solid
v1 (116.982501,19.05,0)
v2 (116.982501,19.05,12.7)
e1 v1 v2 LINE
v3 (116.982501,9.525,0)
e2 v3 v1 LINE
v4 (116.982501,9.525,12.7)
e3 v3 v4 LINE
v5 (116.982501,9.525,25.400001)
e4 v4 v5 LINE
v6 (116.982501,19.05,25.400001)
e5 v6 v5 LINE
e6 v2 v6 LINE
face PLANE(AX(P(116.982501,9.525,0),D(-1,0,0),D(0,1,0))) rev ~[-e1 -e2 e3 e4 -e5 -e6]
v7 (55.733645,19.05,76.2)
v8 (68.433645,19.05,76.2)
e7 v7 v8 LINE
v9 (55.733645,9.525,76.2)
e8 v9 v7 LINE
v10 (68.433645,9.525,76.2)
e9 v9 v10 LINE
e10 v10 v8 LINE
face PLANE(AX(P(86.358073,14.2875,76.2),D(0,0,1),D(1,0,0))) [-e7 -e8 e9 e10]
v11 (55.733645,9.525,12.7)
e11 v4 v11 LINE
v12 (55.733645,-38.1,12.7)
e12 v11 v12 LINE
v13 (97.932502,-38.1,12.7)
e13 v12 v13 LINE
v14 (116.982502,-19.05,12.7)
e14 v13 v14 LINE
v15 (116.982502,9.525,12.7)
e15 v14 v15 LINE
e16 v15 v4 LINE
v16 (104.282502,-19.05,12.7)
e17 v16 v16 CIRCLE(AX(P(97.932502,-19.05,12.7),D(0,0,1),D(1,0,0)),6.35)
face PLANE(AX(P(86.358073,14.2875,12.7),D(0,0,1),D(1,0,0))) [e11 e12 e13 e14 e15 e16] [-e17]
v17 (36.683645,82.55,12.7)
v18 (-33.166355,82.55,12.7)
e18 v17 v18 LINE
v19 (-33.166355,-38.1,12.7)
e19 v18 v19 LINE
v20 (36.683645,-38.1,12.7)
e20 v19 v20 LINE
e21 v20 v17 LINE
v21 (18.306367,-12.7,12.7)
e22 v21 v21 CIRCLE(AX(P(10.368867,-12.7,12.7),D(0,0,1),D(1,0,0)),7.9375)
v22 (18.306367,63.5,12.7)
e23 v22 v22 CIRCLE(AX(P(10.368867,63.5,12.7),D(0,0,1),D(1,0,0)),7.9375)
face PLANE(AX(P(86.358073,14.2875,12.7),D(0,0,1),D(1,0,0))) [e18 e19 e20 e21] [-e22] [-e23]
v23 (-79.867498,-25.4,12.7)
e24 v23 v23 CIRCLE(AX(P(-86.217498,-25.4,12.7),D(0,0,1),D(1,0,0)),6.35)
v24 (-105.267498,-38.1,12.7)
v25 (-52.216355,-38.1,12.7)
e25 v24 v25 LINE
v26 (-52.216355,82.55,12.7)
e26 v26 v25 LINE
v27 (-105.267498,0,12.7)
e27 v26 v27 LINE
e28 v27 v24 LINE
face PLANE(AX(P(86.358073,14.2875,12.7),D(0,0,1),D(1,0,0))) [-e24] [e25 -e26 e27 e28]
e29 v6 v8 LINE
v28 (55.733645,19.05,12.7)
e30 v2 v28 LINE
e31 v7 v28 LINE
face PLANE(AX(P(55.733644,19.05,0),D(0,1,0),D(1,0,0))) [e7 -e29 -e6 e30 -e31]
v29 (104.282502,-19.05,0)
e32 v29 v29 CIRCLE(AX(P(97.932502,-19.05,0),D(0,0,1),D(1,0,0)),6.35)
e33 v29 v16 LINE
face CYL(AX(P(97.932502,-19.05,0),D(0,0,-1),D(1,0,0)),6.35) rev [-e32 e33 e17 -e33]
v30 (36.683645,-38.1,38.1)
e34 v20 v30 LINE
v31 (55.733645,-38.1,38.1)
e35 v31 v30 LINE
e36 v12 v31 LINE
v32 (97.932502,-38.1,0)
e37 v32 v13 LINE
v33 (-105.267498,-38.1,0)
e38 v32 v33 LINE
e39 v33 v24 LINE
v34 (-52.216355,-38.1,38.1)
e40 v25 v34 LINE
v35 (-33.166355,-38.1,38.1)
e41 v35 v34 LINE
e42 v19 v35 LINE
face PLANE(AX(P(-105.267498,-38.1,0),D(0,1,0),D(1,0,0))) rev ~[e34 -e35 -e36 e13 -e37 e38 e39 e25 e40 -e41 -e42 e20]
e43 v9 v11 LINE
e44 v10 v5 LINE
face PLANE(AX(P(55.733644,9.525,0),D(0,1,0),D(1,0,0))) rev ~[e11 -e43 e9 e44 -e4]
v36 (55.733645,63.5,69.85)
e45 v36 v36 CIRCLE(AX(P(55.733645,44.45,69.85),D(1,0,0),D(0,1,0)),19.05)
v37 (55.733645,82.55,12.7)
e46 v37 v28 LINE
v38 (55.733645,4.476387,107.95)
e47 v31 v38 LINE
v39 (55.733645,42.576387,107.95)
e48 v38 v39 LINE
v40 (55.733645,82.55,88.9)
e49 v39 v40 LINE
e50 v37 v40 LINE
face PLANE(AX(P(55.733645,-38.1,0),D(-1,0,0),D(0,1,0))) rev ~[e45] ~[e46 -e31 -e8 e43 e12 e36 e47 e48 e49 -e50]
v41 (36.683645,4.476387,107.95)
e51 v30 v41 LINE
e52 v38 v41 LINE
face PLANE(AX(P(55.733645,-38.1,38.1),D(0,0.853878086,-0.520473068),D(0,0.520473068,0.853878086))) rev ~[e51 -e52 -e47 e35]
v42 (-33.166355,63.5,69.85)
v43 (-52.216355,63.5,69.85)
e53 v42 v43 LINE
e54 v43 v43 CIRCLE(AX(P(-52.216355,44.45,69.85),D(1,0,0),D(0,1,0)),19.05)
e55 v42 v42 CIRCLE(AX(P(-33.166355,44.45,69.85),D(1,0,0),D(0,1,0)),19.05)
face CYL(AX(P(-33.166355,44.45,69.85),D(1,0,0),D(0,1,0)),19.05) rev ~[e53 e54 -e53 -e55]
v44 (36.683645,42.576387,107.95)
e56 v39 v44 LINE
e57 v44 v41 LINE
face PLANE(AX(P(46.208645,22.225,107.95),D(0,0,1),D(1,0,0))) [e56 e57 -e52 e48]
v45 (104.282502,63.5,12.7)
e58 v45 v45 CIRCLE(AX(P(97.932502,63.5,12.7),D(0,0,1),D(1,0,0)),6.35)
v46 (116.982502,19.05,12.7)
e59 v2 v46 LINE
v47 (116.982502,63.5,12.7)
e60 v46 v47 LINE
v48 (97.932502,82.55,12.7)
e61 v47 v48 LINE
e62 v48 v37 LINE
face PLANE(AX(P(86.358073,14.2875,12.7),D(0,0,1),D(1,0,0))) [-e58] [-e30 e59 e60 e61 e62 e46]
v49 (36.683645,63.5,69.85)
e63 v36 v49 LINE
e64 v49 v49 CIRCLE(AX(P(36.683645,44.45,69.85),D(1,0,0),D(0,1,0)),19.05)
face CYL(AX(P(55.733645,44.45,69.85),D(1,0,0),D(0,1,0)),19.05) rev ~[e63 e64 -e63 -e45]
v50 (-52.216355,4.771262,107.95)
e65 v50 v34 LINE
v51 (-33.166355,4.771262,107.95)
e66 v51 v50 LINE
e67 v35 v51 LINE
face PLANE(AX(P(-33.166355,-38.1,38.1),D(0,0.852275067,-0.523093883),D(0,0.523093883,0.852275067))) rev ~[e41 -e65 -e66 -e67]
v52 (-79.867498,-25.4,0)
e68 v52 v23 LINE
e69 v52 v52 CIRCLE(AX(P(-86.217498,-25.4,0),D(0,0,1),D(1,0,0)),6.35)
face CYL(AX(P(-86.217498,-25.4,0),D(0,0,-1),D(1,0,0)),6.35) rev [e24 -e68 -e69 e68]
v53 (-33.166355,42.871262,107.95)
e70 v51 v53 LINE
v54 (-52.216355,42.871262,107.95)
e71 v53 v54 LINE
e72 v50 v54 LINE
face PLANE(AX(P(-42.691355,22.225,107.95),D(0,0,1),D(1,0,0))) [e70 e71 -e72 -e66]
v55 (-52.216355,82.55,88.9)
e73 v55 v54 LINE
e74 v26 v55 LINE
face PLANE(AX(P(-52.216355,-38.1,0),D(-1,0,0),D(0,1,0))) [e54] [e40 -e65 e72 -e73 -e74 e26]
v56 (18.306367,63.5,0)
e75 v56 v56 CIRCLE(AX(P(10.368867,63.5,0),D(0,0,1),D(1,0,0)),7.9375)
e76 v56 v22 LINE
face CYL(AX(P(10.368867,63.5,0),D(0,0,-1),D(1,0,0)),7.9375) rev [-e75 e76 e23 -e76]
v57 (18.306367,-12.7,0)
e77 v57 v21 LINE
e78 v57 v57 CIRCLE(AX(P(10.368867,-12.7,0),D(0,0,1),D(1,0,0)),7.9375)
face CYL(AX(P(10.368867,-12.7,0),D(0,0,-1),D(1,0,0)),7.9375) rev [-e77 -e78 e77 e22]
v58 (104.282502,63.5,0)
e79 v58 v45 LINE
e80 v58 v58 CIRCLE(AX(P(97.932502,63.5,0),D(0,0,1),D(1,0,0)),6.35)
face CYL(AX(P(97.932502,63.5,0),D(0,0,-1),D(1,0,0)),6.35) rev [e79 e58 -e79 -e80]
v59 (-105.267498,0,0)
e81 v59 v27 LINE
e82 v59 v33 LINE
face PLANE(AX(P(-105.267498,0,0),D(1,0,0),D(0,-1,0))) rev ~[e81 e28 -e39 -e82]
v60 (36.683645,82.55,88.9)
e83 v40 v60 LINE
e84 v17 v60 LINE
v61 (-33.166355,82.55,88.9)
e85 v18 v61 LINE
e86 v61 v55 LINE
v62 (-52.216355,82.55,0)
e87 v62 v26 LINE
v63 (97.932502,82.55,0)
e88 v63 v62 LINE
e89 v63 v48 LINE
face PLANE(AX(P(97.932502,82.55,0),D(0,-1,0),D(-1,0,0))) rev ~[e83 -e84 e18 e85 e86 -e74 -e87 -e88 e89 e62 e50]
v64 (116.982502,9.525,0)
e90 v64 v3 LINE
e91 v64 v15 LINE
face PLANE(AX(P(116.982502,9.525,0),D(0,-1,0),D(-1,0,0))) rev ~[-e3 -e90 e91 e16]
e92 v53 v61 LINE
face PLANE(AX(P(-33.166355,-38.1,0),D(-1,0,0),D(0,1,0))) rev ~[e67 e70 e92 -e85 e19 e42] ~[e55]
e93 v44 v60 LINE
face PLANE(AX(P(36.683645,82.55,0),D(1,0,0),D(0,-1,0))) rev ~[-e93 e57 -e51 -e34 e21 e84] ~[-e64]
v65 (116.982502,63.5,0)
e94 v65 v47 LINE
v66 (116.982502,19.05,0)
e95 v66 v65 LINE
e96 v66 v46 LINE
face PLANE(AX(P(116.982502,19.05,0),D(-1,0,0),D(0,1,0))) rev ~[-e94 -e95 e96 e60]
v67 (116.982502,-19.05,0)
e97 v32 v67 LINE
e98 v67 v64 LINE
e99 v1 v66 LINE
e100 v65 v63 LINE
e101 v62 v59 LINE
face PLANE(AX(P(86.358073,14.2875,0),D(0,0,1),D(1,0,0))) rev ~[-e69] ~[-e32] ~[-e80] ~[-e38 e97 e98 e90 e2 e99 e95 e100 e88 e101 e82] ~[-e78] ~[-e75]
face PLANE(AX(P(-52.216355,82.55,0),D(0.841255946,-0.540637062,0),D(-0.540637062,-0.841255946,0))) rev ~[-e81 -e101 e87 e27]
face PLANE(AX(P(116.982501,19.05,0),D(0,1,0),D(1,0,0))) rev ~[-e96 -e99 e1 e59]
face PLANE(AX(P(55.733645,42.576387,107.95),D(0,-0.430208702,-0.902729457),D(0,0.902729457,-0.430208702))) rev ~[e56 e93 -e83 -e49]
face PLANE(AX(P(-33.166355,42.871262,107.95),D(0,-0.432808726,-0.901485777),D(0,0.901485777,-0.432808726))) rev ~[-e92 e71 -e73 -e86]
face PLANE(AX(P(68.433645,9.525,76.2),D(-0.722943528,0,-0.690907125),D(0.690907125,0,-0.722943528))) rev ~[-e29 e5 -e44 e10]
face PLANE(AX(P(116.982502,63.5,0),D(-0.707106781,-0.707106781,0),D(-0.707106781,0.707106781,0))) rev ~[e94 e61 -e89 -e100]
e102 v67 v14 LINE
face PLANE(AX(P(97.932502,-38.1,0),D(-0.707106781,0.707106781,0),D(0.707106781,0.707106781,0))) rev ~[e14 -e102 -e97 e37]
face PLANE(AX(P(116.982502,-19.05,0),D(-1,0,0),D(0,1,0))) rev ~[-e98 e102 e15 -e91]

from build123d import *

# Parameters (mm, degrees)
F0_W     = 61.248857
F0_H     = 9.525
F0_W_2   = 19.05
F0_H_2   = 120.65
F0_W_3   = 69.85
F0_R     = 7.9375
F0_R_2   = 6.35
F1_DEPTH = 12.7
F2_DEPTH = 107.95
F3_DEPTH = 76.2
F5_DEPTH = 25.4
F6_R     = 19.05
F7_DEPTH = 76.708
F8_R     = 19.05
F9_DEPTH = 25.4


with BuildPart() as f1:
    # F0 (on Top) → F1 (new body)
    with BuildSketch(Plane.XY):
        with Locations((86.358073, 14.2875)):
            Rectangle(F0_W, F0_H)
        Polygon((55.733645, 19.05), (55.733645, 82.55), (36.683645, 82.55), (36.683645, -38.1), (55.733645, -38.1), (55.733645, 9.525), align=None)
        with Locations((-42.691355, 22.225)):
            Rectangle(F0_W_2, F0_H_2)
        with Locations((1.758645, 22.225)):
            Rectangle(F0_W_3, F0_H_2)
        with Locations((10.368867, -12.7)):
            Circle(F0_R, mode=Mode.SUBTRACT)
        with Locations((10.368867, 63.5)):
            Circle(F0_R, mode=Mode.SUBTRACT)
        Polygon((116.982502, -19.05), (116.982502, 9.525), (55.733645, 9.525), (55.733645, -38.1), (97.932502, -38.1), align=None)
        with Locations((97.932502, -19.05)):
            Circle(F0_R_2, mode=Mode.SUBTRACT)
        Polygon((-52.216355, -38.1), (-52.216355, 82.55), (-105.267498, 0), (-105.267498, -38.1), align=None)
        with Locations((-86.217498, -25.4)):
            Circle(F0_R_2, mode=Mode.SUBTRACT)
        Polygon((116.982502, 63.5), (97.932502, 82.55), (55.733645, 82.55), (55.733645, 19.05), (116.982502, 19.05), align=None)
        with Locations((97.932502, 63.5)):
            Circle(F0_R_2, mode=Mode.SUBTRACT)
    extrude(amount=F1_DEPTH)

    # F0 (on Top) → F2 (join)
    with BuildSketch(Plane.XY):
        with Locations((-42.691355, 22.225)):
            Rectangle(F0_W_2, F0_H_2)
        Polygon((55.733645, 19.05), (55.733645, 82.55), (36.683645, 82.55), (36.683645, -38.1), (55.733645, -38.1), (55.733645, 9.525), align=None)
    extrude(amount=F2_DEPTH)

    # F0 (on Top) → F3 (join)
    with BuildSketch(Plane.XY):
        with Locations((86.358073, 14.2875)):
            Rectangle(F0_W, F0_H)
    extrude(amount=F3_DEPTH)

    # F4 (on face) → F5 (cut)
    with BuildSketch(Plane.XZ.offset(-9.525)):
        Polygon((68.433645, 76.2), (116.982502, 25.4), (116.982502, 76.2), align=None)
    extrude(amount=-F5_DEPTH, mode=Mode.SUBTRACT)

    # F6 (on face) → F7 (cut)
    with BuildSketch(Plane.YZ.offset(-33.166355)):
        with Locations((44.45, 69.85)):
            Circle(F6_R)
        Polygon((-38.1, 38.1), (4.771262, 107.95), (-38.1, 107.95), align=None)
        Polygon((82.55, 107.95), (42.871262, 107.95), (82.55, 88.9), align=None)
    extrude(amount=-F7_DEPTH, mode=Mode.SUBTRACT)

    # F8 (on face) → F9 (cut)
    with BuildSketch(Plane.YZ.offset(55.733645)):
        Polygon((-38.1, 107.95), (-38.1, 38.1), (4.476387, 107.95), align=None)
        Polygon((82.55, 107.95), (42.576387, 107.95), (82.55, 88.9), align=None)
        with Locations((44.45, 69.85)):
            Circle(F8_R)
    extrude(amount=-F9_DEPTH, mode=Mode.SUBTRACT)


solid = f1.part
